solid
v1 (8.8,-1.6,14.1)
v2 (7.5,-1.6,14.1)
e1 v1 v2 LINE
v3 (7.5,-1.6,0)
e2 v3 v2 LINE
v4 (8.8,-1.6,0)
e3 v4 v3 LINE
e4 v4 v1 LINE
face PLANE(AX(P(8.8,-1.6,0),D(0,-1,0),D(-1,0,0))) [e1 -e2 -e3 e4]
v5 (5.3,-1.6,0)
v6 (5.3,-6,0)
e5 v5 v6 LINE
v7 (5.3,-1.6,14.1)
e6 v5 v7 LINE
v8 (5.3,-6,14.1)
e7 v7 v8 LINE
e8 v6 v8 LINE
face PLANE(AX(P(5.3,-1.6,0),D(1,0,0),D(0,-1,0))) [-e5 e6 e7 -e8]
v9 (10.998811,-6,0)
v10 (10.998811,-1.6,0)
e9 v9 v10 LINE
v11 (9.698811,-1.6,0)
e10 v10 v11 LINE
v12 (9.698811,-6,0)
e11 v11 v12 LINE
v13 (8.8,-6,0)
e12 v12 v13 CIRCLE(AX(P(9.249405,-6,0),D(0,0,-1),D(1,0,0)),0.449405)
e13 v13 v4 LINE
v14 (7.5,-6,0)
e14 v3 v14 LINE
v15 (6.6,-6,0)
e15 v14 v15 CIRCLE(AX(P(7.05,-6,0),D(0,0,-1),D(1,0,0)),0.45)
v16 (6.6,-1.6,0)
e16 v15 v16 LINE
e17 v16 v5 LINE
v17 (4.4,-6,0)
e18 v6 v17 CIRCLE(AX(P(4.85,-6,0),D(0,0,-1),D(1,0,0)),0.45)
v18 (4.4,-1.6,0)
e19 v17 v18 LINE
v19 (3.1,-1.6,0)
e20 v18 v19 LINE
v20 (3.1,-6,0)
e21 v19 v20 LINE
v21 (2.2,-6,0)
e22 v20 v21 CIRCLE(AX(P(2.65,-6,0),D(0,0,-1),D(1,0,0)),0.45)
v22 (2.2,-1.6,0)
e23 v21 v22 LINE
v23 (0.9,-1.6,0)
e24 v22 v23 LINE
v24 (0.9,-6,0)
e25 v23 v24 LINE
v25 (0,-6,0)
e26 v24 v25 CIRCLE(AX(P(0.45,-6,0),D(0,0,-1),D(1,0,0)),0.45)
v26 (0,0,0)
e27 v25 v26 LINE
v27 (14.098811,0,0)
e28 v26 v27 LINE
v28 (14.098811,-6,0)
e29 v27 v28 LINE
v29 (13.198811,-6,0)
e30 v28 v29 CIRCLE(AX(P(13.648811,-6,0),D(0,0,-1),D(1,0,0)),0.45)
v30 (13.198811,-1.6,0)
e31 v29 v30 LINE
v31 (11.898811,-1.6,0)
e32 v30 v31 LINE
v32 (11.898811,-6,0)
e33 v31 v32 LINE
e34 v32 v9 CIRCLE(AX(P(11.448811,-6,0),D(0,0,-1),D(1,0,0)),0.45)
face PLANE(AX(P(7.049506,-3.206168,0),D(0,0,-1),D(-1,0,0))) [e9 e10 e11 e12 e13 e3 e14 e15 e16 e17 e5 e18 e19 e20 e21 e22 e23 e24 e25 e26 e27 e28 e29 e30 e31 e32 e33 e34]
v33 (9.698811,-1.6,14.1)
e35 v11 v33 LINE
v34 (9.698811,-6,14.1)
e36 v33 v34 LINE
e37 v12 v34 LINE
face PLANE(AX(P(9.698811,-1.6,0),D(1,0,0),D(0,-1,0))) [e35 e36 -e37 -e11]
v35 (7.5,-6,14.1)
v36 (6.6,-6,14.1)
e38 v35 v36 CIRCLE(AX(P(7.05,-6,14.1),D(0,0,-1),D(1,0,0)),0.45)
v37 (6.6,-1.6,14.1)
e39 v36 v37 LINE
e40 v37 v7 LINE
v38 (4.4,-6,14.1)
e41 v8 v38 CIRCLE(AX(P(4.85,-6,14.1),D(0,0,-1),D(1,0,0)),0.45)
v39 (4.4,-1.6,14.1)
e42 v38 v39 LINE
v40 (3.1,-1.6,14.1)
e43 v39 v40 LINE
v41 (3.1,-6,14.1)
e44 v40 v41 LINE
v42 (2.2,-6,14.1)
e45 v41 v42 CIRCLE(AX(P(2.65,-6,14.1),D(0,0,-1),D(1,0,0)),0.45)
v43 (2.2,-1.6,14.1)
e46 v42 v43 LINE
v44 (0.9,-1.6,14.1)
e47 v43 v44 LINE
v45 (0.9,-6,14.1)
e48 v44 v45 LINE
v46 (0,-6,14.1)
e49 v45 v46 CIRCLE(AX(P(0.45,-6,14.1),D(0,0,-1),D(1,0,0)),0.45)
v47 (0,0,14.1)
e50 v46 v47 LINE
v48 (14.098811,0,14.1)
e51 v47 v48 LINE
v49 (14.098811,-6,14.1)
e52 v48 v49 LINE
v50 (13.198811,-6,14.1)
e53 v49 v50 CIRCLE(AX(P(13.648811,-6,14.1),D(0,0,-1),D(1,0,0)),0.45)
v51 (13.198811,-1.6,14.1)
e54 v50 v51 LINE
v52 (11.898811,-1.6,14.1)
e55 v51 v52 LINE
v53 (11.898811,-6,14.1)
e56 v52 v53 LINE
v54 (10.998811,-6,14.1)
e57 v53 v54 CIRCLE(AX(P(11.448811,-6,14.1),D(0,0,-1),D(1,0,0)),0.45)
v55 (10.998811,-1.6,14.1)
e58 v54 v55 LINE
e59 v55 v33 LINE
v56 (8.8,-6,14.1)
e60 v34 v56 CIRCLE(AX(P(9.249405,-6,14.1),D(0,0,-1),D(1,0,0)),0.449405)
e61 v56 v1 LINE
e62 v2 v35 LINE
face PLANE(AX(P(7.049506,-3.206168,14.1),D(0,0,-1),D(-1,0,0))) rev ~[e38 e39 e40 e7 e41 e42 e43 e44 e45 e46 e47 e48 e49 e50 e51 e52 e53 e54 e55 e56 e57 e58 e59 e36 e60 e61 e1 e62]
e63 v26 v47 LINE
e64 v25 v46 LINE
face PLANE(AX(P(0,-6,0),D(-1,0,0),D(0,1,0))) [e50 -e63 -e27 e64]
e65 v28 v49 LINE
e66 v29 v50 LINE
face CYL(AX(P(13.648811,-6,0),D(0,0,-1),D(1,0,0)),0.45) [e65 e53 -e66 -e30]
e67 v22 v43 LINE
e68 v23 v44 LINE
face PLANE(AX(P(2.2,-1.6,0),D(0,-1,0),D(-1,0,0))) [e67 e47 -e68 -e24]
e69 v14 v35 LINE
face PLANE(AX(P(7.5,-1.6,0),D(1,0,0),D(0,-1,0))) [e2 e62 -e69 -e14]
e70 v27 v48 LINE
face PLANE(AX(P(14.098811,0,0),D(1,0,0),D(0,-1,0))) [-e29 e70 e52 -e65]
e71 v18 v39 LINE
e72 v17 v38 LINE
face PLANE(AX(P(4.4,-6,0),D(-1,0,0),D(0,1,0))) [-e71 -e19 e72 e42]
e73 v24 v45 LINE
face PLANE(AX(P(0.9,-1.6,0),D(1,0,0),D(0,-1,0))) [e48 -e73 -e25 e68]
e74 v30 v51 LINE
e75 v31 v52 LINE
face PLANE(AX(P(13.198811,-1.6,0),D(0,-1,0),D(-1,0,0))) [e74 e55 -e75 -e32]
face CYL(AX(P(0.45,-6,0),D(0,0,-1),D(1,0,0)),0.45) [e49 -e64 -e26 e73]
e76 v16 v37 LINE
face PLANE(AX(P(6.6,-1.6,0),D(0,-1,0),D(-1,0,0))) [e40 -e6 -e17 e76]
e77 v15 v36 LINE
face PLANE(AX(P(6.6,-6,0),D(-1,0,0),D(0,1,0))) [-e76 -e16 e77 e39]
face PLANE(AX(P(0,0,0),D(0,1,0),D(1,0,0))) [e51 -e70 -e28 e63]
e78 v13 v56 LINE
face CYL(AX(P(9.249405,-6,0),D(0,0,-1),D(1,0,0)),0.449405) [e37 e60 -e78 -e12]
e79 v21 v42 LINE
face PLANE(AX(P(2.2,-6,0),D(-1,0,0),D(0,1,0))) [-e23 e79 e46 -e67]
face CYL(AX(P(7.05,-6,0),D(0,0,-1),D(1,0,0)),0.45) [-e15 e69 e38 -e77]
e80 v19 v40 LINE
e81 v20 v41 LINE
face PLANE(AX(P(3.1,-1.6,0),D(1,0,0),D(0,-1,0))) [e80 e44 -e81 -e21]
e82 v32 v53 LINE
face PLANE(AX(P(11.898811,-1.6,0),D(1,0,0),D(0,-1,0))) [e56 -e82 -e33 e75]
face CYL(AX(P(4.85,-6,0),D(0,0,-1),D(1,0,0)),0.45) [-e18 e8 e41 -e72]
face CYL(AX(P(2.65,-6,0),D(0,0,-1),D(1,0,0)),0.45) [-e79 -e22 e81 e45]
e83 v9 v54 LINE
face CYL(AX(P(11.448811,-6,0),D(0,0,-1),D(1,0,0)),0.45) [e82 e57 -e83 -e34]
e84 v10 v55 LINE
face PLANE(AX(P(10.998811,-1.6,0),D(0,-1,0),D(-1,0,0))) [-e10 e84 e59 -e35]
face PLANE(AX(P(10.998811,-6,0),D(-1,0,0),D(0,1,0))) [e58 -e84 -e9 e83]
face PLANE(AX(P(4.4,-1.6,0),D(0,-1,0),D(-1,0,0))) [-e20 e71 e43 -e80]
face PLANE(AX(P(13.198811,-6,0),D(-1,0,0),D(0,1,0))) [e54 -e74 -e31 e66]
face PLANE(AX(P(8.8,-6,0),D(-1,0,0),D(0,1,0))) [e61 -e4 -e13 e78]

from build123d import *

# Parameters (mm, degrees)
BOSS_EXTRUDE1_DEPTH = 14.1


with BuildPart() as part:
    # Esboço1 → Boss-Extrude1 (new body)
    with BuildSketch(Plane.XY):
        with BuildLine():
            Line((0, 0), (14.098810584, 0))
            Line((14.098810584, 0), (14.098810584, -6))
            ThreePointArc((14.098810584, -6), (13.648810584, -6.45), (13.198810584, -6))
            Line((13.198810584, -6), (13.198810584, -1.6))
            Line((13.198810584, -1.6), (11.898810584, -1.6))
            Line((11.898810584, -1.6), (11.898810584, -6))
            ThreePointArc((11.898810584, -6), (11.448810584, -6.45), (10.998810584, -6))
            Line((10.998810584, -6), (10.998810584, -1.6))
            Line((10.998810584, -1.6), (9.698810584, -1.6))
            Line((9.698810584, -1.6), (9.698810584, -6))
            ThreePointArc((9.698810584, -6), (9.249405292, -6.449405292), (8.8, -6))
            Line((8.8, -6), (8.8, -1.6))
            Line((8.8, -1.6), (7.5, -1.6))
            Line((7.5, -1.6), (7.5, -6))
            ThreePointArc((7.5, -6), (7.05, -6.45), (6.6, -6))
            Line((6.6, -6), (6.6, -1.6))
            Line((6.6, -1.6), (5.3, -1.6))
            Line((5.3, -1.6), (5.3, -6))
            ThreePointArc((5.3, -6), (4.85, -6.45), (4.4, -6))
            Line((4.4, -6), (4.4, -1.6))
            Line((4.4, -1.6), (3.1, -1.6))
            Line((3.1, -1.6), (3.1, -6))
            ThreePointArc((3.1, -6), (2.65, -6.45), (2.2, -6))
            Line((2.2, -6), (2.2, -1.6))
            Line((2.2, -1.6), (0.9, -1.6))
            Line((0.9, -1.6), (0.9, -6))
            ThreePointArc((0.9, -6), (0.45, -6.45), (0, -6))
            Line((0, -6), (0, 0))
        make_face()
    extrude(amount=BOSS_EXTRUDE1_DEPTH)


solid = part.part
